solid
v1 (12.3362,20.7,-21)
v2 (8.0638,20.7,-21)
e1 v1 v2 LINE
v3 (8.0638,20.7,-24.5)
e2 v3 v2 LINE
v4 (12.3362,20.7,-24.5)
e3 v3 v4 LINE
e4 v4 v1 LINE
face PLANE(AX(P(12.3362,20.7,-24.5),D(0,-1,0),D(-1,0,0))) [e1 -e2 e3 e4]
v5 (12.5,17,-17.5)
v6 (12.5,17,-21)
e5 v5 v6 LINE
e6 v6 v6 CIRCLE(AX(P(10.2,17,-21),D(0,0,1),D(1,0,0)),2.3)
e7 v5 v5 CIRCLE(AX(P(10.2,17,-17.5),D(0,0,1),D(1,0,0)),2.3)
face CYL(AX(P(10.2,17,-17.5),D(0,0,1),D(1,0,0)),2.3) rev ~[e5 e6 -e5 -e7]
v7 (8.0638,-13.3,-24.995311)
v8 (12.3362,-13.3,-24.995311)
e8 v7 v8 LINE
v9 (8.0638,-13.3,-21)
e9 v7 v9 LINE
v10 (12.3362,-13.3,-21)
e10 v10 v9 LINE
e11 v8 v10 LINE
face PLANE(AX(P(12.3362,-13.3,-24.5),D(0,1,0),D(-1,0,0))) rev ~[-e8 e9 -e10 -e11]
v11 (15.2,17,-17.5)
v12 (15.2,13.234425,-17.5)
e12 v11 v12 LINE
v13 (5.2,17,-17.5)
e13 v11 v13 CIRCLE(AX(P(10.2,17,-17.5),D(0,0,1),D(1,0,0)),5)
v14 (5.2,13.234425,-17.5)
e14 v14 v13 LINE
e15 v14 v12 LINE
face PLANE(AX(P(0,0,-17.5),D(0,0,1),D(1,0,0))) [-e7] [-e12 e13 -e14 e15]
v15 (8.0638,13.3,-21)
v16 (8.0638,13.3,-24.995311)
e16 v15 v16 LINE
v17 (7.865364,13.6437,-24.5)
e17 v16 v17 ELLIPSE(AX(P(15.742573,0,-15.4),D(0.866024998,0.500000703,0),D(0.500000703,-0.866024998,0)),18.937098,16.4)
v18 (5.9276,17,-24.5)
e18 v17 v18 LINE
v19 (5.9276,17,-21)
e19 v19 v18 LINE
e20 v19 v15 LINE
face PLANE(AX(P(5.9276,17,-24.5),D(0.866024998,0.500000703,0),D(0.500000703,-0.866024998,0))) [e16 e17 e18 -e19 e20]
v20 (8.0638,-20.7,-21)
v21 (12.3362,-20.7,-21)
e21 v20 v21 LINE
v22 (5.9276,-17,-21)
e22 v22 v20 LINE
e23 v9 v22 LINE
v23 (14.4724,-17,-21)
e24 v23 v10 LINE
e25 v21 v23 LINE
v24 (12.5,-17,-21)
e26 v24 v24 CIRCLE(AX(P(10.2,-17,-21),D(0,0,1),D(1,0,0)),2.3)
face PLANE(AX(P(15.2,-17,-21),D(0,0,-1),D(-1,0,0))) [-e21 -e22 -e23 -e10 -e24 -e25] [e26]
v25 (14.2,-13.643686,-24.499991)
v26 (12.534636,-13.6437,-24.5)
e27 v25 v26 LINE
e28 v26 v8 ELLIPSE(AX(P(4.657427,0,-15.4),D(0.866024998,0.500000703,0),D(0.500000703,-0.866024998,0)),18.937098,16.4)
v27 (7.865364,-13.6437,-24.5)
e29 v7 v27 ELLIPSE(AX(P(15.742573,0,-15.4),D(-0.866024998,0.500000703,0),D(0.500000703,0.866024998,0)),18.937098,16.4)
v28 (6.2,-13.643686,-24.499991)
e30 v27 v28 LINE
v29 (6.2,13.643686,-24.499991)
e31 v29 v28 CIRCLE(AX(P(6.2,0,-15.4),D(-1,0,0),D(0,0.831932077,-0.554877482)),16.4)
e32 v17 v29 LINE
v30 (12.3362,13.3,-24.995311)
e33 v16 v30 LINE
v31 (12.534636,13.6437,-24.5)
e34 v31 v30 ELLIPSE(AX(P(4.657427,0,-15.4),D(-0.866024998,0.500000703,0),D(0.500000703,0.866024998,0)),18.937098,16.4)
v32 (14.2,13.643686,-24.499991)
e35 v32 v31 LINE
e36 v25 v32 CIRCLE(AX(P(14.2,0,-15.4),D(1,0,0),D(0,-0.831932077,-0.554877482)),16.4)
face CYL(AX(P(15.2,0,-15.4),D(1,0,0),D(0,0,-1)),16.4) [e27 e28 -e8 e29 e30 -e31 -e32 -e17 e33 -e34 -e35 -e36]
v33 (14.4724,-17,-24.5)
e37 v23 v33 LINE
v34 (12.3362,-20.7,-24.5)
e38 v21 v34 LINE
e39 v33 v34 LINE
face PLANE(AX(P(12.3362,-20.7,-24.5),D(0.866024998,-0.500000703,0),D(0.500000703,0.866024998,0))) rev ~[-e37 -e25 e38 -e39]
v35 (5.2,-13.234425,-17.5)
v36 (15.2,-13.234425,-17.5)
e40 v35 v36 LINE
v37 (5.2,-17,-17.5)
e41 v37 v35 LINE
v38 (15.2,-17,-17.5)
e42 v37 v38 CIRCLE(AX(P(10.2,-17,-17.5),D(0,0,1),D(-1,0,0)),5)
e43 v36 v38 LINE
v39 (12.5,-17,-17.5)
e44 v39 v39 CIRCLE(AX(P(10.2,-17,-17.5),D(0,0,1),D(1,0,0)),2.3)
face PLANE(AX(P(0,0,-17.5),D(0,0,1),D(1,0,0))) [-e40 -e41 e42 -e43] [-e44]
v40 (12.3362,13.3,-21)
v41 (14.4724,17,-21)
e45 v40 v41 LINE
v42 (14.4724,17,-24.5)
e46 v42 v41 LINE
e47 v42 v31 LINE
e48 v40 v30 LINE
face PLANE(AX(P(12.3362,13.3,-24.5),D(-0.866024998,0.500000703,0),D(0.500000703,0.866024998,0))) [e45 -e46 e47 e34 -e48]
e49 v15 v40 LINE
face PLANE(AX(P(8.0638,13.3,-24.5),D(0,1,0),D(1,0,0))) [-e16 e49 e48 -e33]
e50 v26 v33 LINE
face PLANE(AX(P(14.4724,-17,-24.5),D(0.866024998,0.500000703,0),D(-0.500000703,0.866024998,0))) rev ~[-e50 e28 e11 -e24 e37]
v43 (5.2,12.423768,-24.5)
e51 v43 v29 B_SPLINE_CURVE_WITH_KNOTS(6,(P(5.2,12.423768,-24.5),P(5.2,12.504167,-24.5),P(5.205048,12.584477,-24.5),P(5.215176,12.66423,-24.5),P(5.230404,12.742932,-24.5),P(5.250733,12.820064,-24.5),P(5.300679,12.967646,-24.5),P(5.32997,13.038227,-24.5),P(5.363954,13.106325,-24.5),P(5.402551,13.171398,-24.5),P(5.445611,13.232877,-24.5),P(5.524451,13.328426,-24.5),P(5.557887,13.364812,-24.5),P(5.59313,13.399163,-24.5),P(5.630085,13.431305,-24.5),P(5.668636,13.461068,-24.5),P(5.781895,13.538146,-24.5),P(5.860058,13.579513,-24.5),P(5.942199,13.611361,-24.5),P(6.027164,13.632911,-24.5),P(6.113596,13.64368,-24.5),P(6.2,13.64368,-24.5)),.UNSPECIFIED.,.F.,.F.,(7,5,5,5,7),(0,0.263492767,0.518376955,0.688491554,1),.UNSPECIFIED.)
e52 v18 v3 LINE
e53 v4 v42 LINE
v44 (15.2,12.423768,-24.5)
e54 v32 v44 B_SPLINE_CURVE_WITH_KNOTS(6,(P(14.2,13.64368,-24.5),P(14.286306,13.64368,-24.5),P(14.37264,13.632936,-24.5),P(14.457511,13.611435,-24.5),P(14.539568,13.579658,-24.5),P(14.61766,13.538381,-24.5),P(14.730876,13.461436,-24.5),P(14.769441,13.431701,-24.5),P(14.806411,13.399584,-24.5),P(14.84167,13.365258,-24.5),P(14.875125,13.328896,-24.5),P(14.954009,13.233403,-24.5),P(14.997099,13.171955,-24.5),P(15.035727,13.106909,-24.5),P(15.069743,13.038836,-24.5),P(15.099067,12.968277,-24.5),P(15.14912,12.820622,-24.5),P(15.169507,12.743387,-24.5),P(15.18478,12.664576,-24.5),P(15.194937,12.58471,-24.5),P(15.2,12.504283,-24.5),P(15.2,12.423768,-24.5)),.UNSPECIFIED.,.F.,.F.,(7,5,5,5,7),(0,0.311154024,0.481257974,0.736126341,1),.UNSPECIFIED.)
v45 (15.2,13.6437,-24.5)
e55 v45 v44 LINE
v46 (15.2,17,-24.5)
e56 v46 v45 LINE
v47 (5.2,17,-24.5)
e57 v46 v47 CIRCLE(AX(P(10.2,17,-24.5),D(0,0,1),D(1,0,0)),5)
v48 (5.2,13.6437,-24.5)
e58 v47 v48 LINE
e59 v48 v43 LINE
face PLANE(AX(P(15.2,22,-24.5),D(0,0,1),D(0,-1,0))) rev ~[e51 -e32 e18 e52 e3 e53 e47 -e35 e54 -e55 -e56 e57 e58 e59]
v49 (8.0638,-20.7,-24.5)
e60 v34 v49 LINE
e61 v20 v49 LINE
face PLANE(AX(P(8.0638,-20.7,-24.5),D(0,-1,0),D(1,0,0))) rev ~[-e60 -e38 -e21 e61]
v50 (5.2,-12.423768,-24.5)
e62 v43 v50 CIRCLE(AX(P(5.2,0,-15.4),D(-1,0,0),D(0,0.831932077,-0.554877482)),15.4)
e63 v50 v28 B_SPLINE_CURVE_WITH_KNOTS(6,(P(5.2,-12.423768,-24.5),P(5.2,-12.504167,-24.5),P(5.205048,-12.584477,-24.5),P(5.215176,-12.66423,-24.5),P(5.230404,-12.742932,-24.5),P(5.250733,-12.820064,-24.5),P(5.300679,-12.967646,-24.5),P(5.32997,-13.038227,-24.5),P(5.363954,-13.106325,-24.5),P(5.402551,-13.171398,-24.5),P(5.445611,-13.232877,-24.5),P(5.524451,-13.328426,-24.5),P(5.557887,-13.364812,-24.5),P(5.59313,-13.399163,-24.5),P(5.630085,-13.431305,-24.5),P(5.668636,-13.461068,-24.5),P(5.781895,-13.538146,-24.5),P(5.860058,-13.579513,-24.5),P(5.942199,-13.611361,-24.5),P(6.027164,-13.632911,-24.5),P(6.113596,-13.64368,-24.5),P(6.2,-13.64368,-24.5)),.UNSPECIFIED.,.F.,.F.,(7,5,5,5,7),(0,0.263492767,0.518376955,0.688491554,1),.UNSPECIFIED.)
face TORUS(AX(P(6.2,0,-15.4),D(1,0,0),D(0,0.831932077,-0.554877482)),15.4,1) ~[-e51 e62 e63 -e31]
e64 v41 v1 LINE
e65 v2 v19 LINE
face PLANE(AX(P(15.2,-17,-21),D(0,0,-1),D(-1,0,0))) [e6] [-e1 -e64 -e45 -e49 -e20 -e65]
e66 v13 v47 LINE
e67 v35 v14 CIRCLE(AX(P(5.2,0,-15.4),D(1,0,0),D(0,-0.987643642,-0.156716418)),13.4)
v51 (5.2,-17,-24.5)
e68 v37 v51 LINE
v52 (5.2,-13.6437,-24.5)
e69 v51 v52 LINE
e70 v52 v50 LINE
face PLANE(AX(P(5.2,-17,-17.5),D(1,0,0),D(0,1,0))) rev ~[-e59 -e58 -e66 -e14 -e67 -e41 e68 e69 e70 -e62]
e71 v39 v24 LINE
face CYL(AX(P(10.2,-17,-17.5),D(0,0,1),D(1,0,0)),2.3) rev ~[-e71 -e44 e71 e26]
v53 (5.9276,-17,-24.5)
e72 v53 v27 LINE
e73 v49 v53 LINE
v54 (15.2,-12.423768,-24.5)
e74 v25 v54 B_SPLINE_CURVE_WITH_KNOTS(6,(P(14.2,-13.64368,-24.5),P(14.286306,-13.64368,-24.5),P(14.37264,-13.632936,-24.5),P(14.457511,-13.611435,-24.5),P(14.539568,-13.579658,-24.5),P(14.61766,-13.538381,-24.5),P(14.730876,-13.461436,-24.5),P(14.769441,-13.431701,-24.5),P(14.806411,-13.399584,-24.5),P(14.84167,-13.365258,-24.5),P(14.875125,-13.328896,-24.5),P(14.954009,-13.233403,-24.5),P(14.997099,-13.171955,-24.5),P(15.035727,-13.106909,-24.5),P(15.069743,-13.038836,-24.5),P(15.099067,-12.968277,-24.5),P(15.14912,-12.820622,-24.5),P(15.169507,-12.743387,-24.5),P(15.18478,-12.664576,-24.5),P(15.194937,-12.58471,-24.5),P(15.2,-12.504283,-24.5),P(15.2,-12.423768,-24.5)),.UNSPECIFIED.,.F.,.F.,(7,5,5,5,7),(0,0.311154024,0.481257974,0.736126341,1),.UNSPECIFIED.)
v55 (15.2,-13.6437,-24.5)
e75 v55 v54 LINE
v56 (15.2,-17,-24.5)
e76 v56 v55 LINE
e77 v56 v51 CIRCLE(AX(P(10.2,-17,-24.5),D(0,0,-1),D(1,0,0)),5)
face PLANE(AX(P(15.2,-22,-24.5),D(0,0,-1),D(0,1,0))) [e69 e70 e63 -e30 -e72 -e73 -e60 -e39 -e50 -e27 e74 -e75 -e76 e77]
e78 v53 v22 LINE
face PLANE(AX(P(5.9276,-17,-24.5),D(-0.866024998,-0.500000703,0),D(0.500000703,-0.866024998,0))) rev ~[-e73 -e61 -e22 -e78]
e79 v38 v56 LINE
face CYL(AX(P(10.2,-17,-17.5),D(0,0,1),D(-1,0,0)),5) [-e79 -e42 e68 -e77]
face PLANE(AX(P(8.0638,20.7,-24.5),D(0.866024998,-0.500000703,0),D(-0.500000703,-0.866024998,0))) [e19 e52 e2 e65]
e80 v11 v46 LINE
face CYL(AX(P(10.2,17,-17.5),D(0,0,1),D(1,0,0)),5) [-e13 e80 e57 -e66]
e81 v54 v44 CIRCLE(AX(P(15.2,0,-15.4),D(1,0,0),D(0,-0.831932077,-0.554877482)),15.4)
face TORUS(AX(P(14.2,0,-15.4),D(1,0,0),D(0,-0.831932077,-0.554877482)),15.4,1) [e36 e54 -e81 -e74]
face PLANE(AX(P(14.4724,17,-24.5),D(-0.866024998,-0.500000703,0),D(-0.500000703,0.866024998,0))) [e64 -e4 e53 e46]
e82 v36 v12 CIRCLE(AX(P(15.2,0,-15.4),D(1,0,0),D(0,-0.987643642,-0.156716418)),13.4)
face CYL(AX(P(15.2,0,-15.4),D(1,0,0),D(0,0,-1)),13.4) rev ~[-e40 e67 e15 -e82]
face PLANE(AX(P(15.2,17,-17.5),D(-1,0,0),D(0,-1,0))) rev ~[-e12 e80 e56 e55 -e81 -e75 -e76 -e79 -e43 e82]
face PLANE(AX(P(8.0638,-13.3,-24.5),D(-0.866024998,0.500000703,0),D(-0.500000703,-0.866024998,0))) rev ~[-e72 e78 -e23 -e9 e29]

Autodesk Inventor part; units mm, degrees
ref_plane "YZ Plane" through (0, 0, 0) normal (1, 0, 0) x (0, 1, 0)
ref_plane "XZ Plane" through (0, 0, 0) normal (0, 1, 0) x (-1, 0, 0)
ref_plane "Arbeitsebene1" through (0, 0, -17.5) normal (0, 0, 1) x (1, 0, 0)
sketch "Skizze1" plane through (0, 0, -17.5) normal (0, 0, 1) x (1, 0, 0)
  arc A0 (5.2, -17) -> (15.2, -17) centre (10.2, -17) ccw
  circle A1 centre (10.2, -17) radius 2.3
  circle A2 centre (10.2, 17) radius 2.3
  arc A3 (15.2, 17) -> (5.2, 17) centre (10.2, 17) ccw
  line L0 (15.2, 17) -> (15.2, -17)
  line L1 (5.2, -17) -> (5.2, 17)
  point P0 (0, 0)
  dimension "d17" = 34
  dimension "d19" = 5
  dimension "d20" = 5
  dimension "d21" = 4.6
  dimension "d22" = 4.6
  dimension "d23" = 5.2
  dimension "d24" = 15.2
  dimension "d25" = 17
extrude "Extrusion1" add sketch "Skizze1" against normal blind 20
sketch "Skizze2" plane through (15.2, -17, -17.5) normal (1, 0, 0) x (0, 0, -1)
  circle A0 centre (-2.1, 17) radius 13.4
  circle A1 centre (-2.1, 17) radius 16.4
  line L0 (0, 39) -> (20, 39) projected
  line L1 (7, 39) -> (7, 30.6437)
  line L2 (7, 39) -> (-2.3022, 41.2587)
  line L3 (-2.3022, 41.2587) -> (-4.5237, 40.7441)
  line L4 (-4.5237, 40.7441) -> (-5.04, 30.0735)
  line L5 (-5.1067, 3.9417) -> (-12.3463, -18.8233)
  line L6 (-12.3463, -18.8233) -> (7.5061, -24.3836)
  line L7 (7.5061, -24.3836) -> (7, -5)
  line L8 (0, -5) -> (20, -5) projected
  line L9 (7, -5) -> (7, 3.3563)
  line L10 (0, 0) -> (0, -5) projected
  line L11 (36.0228, 70.8555) -> (-22.3921, 70.8555)
  line L12 (-22.3921, 70.8555) -> (-22.3921, -28.3632)
  line L13 (-22.3921, -28.3632) -> (36.0228, -28.3632)
  line L14 (36.0228, -28.3632) -> (36.0228, 70.8555)
  point P0 (-17.5, 17)
  point P1 (-6.0183, 1.075)
  point P2 (-4.8906, 33.1608)
  dimension "d5" = 3
  dimension "d6" = 7
  dimension "d26" = 44
  dimension "d27" = 22
  dimension "d28" = 26.8
  dimension "d29" = 15.4
extrude "Extrusion2" cut sketch "Skizze2" against normal blind 10 contours A0 | L14 L13 L12 L11
sketch "Skizze3" plane through (15.2, -17, -24.5) normal (0, 0, -1) x (-1, 0, 0)
  circle A0 centre (5, 34) radius 2.3 projected
  line L0 (2.8638, 30.3) -> (0.7276, 34)
  line L1 (0.7276, 34) -> (2.8638, 37.7)
  line L2 (2.8638, 37.7) -> (7.1362, 37.7)
  line L3 (7.1362, 37.7) -> (9.2724, 34)
  line L4 (9.2724, 34) -> (7.1362, 30.3)
  line L5 (7.1362, 30.3) -> (2.8638, 30.3)
  line L6 (0.7276, 0) -> (2.8638, 3.7)
  line L7 (2.8638, 3.7) -> (7.1362, 3.7)
  line L8 (7.1362, 3.7) -> (9.2724, 0)
  line L9 (9.2724, 0) -> (7.1362, -3.7)
  line L10 (7.1362, -3.7) -> (2.8638, -3.7)
  line L11 (2.8638, -3.7) -> (0.7276, 0)
  point P0 (15.2, 17)
  point P1 (5, 0)
  point P2 (5, 0)
  point P3 (5.6446, 34.7922)
  point P4 (4.3554, 34.7922)
  dimension "d9" = 7.4
  dimension "d10" = 7.4
extrude "Extrusion3" cut sketch "Skizze3" along normal blind 10 and the other way blind 3.5 contours A0 | L0 L1 L2 L3 L4 L5 | L6 L7 L8 L9 L10 L11
fillet "Rundung1" radius 1 2 edges at (15.2, 0, -31.8) (5.2, 0, -31.8)
equation "\"d20\" = d19"
equation "\"d27\" = 0.5 * d26"
equation "\"d10\" = d9"
properties part number "Bracket26_8"
